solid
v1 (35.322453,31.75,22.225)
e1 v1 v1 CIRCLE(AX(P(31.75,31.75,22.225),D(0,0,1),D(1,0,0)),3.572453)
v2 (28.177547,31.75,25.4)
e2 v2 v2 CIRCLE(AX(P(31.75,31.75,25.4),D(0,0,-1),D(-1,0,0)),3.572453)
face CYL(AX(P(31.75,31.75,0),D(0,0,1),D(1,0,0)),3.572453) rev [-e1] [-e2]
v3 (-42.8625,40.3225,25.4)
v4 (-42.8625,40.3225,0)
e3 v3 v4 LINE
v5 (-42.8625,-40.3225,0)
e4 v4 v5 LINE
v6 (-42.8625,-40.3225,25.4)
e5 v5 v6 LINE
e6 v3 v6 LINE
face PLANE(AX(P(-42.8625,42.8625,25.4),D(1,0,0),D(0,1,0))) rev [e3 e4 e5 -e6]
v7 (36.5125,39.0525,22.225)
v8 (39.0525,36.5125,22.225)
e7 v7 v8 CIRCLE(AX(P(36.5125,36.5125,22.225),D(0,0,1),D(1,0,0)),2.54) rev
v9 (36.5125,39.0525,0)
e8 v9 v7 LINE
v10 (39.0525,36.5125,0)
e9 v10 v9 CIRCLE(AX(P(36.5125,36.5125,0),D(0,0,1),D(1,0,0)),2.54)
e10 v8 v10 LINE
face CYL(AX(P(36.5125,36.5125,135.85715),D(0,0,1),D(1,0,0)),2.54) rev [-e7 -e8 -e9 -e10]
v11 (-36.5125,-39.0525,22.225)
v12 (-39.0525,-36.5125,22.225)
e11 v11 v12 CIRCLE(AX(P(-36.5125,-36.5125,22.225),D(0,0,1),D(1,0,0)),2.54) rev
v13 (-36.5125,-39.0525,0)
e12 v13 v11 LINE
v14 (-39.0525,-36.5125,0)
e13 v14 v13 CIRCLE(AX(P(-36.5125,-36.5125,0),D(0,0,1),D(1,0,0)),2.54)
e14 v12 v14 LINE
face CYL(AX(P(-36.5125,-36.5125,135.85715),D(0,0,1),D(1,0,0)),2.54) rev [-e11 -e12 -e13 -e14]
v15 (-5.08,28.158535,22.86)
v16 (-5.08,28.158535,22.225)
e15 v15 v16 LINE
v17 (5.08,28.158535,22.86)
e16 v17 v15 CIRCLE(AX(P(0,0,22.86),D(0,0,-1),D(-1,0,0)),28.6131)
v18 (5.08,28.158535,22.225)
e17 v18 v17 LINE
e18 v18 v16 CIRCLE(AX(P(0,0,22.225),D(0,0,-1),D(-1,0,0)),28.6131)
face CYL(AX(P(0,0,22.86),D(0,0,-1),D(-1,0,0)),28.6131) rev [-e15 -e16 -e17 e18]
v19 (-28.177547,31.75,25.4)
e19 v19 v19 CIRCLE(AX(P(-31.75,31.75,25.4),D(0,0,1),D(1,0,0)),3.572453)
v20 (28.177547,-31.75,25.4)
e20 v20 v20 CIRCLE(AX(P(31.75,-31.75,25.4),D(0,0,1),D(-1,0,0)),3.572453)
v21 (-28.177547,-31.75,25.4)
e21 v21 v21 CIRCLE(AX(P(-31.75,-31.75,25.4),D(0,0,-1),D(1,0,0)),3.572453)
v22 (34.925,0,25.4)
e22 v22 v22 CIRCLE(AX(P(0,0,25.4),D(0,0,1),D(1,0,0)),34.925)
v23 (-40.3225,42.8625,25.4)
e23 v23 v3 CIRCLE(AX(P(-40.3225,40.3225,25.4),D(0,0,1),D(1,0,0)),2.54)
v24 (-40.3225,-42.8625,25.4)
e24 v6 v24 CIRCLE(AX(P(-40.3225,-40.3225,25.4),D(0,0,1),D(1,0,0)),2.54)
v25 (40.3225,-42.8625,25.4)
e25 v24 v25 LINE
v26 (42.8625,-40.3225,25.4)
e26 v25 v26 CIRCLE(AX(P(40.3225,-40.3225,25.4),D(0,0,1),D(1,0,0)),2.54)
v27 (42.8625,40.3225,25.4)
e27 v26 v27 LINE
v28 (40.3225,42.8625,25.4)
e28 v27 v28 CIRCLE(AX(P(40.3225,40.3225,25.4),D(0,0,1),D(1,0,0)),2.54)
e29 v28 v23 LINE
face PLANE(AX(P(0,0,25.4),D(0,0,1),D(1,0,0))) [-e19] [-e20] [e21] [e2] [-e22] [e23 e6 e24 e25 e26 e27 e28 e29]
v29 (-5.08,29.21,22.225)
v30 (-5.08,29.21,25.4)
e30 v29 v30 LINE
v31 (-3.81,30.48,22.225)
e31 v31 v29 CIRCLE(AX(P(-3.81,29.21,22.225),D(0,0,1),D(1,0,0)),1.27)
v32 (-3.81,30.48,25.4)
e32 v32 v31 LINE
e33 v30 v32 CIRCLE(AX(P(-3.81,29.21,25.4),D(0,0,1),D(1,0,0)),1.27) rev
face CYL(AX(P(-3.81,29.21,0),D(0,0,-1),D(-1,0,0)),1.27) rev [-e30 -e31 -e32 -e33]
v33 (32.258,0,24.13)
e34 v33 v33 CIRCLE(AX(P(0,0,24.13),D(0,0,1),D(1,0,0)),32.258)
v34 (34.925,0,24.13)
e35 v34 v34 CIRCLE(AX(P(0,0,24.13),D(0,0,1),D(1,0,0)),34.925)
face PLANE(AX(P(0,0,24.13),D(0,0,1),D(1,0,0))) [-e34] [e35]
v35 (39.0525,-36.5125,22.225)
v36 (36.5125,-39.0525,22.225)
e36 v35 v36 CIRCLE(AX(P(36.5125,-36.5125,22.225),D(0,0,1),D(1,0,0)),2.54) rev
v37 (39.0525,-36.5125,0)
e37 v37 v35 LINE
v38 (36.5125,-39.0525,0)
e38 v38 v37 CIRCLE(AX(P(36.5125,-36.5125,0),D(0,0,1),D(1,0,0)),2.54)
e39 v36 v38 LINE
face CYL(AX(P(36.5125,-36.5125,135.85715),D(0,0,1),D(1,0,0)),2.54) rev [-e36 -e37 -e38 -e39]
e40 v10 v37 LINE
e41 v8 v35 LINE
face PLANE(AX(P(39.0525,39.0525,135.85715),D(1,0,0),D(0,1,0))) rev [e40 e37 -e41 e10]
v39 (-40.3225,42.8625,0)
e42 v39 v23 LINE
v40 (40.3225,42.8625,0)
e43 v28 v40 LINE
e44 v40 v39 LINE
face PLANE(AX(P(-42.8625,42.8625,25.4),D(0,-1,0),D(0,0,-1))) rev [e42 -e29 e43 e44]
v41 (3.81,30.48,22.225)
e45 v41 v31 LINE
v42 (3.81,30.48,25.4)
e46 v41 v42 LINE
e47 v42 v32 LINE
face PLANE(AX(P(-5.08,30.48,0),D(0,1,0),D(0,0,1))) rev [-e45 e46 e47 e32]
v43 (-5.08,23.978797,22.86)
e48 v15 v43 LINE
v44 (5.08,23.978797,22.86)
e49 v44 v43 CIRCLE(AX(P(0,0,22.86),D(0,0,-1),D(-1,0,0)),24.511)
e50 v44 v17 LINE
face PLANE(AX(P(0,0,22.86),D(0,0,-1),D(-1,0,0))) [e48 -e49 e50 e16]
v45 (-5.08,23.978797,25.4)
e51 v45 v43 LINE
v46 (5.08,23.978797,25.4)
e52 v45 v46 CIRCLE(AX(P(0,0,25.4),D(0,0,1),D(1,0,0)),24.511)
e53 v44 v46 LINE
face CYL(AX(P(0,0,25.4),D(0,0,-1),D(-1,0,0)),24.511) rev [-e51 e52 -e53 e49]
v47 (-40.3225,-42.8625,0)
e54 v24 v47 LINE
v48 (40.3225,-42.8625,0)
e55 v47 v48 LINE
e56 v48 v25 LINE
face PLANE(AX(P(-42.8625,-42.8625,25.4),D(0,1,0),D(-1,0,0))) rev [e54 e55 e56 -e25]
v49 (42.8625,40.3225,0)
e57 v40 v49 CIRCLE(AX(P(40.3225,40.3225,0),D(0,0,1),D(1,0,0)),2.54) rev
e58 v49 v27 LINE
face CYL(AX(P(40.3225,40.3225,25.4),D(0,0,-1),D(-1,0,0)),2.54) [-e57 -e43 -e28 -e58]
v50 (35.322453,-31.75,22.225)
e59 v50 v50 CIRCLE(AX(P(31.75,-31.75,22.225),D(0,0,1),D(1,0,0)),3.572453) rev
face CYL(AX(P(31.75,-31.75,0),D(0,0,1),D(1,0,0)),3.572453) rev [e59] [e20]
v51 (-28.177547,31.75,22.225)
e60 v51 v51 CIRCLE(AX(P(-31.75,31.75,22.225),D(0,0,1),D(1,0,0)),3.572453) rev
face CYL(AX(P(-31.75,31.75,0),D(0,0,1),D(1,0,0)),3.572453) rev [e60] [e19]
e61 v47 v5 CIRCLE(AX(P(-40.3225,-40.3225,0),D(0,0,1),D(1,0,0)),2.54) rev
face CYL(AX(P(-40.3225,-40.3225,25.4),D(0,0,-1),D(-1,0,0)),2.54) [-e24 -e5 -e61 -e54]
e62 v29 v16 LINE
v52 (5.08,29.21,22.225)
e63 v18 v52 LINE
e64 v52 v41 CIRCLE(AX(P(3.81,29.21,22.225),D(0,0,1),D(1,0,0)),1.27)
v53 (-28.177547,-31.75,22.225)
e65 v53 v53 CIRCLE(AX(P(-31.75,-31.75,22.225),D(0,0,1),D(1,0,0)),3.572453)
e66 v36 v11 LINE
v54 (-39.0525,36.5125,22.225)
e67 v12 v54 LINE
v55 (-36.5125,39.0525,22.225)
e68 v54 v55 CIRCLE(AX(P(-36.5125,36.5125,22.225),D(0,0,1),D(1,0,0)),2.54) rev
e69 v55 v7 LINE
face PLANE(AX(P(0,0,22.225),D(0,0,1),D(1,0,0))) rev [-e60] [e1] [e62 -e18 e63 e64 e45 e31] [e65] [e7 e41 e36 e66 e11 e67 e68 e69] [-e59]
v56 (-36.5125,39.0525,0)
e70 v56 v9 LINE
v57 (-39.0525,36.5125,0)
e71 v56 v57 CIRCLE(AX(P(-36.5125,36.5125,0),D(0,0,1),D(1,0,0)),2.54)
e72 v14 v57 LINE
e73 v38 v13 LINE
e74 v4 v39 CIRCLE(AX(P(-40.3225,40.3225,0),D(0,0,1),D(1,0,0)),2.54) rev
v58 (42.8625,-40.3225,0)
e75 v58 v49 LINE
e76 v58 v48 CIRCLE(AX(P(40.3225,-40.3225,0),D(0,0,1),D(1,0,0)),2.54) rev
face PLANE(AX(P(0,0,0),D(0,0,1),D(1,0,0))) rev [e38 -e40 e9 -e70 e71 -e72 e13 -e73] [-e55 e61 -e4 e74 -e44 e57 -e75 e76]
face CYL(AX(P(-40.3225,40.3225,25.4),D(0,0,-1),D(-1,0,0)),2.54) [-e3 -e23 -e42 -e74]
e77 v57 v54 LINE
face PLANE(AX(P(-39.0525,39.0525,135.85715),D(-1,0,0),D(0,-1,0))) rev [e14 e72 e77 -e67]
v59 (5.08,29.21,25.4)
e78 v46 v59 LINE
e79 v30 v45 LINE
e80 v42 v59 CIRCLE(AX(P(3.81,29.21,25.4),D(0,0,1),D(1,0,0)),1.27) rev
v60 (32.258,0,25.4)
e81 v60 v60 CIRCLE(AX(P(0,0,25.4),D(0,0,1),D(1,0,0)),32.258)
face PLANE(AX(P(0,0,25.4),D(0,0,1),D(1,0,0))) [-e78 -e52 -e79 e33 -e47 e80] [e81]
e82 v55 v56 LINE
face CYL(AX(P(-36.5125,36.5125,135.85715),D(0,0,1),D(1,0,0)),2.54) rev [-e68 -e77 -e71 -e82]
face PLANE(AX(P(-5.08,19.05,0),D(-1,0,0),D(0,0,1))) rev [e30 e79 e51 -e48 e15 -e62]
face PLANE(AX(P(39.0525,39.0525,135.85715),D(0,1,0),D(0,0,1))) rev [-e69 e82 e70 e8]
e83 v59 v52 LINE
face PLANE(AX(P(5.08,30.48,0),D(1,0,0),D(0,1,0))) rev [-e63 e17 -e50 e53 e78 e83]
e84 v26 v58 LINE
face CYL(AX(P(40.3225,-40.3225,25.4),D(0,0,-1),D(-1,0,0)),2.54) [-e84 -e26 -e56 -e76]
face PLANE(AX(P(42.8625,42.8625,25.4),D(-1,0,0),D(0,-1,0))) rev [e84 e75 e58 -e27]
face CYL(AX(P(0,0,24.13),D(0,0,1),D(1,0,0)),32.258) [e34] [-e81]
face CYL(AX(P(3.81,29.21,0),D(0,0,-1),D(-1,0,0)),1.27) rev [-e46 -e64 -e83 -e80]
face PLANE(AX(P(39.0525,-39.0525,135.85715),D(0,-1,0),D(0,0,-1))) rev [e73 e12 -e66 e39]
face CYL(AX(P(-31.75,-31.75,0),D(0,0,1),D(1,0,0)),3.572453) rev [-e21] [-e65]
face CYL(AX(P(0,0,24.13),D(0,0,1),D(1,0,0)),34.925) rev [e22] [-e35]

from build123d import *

# Parameters (mm, degrees)
SKETCH1_W               = 85.725
SKETCH1_H               = 85.725
SKETCH1_R               = 24.511
BOSS_EXTRUDE1_DEPTH     = 25.4
SKETCH2_R               = 3.572453457
CUT_EXTRUDE1_DEPTH      = 26.4
MIRROR2_COPY_1_SKETCH_R = 3.572453457
MIRROR2_COPY_1_DEPTH    = 26.4
SKETCH3_W               = 78.105
SKETCH3_H               = 78.105
CUT_EXTRUDE2_DEPTH      = 22.225
FILLET1_R               = 2.54
SKETCH5_R               = 34.925
SKETCH5_R_2             = 32.258
CUT_EXTRUDE4_DEPTH      = 1.27
SKETCH6_W               = 10.16
SKETCH6_H               = 11.43
CUT_EXTRUDE5_DEPTH      = 26.4
FILLET2_R               = 1.27
SKETCH7_R               = 28.6131
CUT_EXTRUDE6_DEPTH      = 0.635


with BuildPart() as part:
    # Sketch1 → Boss-Extrude1 (new body)
    with BuildSketch(Plane.XY):
        Rectangle(SKETCH1_W, SKETCH1_H)
        Circle(SKETCH1_R, mode=Mode.SUBTRACT)
    extrude(amount=BOSS_EXTRUDE1_DEPTH)

    # Sketch2 → Cut-Extrude1 (cut, through all)
    with BuildSketch(Plane.XY.offset(25.4)):
        with Locations((-31.75, 31.75)):
            Circle(SKETCH2_R)
    cut_extrude1 = extrude(amount=-CUT_EXTRUDE1_DEPTH, mode=Mode.SUBTRACT)

    # Mirror1: Cut-Extrude1 across plane
    add(cut_extrude1.mirror(Plane(origin=(0, 0, 0), x_dir=(0, 0, 1), z_dir=(1, 0, 0))), mode=Mode.SUBTRACT)

    # Mirror2: Cut-Extrude1 across plane
    add(cut_extrude1.mirror(Plane.ZX), mode=Mode.SUBTRACT)

    # Mirror2 copy 1 sketch → Mirror2 copy 1 (cut, through all)
    with BuildSketch(Plane(origin=(0, 0, 25.4), x_dir=(-1, 0, 0), z_dir=(0, 0, 1))):
        with Locations((-31.75, 31.75)):
            Circle(MIRROR2_COPY_1_SKETCH_R)
    extrude(amount=-MIRROR2_COPY_1_DEPTH, mode=Mode.SUBTRACT)

    # Sketch3 → Cut-Extrude2 (cut)
    with BuildSketch(Plane(origin=(0, 0, 0), x_dir=(-1, 0, 0), z_dir=(0, 0, -1))):
        Rectangle(SKETCH3_W, SKETCH3_H)
    extrude(amount=-CUT_EXTRUDE2_DEPTH, mode=Mode.SUBTRACT)

    # Fillet1
    fillet1_edges = [part.edges().sort_by_distance(p)[0] for p in [
        (-39.0525, -39.0525, 11.1125),
        (-39.0525, 39.0525, 11.1125),
        (39.0525, 39.0525, 11.1125),
        (39.0525, -39.0525, 11.1125),
        (-42.8625, 42.8625, 12.7),
        (42.8625, 42.8625, 12.7),
        (42.8625, -42.8625, 12.7),
        (-42.8625, -42.8625, 12.7),
    ]]
    fillet(fillet1_edges, radius=FILLET1_R)

    # Sketch5 → Cut-Extrude4 (cut)
    with BuildSketch(Plane.XY.offset(25.4)):
        Circle(SKETCH5_R)
        Circle(SKETCH5_R_2, mode=Mode.SUBTRACT)
    extrude(amount=-CUT_EXTRUDE4_DEPTH, mode=Mode.SUBTRACT)

    # Sketch6 → Cut-Extrude5 (cut, through all)
    with BuildSketch(Plane.XY.offset(25.4)):
        with Locations((0, 24.765)):
            Rectangle(SKETCH6_W, SKETCH6_H)
    extrude(amount=-CUT_EXTRUDE5_DEPTH, mode=Mode.SUBTRACT)

    # Fillet2
    fillet2_edges = [part.edges().sort_by_distance(p)[0] for p in [
        (-5.08, 30.48, 23.8125),
        (5.08, 30.48, 23.8125),
    ]]
    fillet(fillet2_edges, radius=FILLET2_R)

    # Sketch7 → Cut-Extrude6 (cut)
    with BuildSketch(Plane(origin=(0, 0, 22.225), x_dir=(-1, 0, 0), z_dir=(0, 0, -1))):
        Circle(SKETCH7_R)
    extrude(amount=-CUT_EXTRUDE6_DEPTH, mode=Mode.SUBTRACT)


solid = part.part
